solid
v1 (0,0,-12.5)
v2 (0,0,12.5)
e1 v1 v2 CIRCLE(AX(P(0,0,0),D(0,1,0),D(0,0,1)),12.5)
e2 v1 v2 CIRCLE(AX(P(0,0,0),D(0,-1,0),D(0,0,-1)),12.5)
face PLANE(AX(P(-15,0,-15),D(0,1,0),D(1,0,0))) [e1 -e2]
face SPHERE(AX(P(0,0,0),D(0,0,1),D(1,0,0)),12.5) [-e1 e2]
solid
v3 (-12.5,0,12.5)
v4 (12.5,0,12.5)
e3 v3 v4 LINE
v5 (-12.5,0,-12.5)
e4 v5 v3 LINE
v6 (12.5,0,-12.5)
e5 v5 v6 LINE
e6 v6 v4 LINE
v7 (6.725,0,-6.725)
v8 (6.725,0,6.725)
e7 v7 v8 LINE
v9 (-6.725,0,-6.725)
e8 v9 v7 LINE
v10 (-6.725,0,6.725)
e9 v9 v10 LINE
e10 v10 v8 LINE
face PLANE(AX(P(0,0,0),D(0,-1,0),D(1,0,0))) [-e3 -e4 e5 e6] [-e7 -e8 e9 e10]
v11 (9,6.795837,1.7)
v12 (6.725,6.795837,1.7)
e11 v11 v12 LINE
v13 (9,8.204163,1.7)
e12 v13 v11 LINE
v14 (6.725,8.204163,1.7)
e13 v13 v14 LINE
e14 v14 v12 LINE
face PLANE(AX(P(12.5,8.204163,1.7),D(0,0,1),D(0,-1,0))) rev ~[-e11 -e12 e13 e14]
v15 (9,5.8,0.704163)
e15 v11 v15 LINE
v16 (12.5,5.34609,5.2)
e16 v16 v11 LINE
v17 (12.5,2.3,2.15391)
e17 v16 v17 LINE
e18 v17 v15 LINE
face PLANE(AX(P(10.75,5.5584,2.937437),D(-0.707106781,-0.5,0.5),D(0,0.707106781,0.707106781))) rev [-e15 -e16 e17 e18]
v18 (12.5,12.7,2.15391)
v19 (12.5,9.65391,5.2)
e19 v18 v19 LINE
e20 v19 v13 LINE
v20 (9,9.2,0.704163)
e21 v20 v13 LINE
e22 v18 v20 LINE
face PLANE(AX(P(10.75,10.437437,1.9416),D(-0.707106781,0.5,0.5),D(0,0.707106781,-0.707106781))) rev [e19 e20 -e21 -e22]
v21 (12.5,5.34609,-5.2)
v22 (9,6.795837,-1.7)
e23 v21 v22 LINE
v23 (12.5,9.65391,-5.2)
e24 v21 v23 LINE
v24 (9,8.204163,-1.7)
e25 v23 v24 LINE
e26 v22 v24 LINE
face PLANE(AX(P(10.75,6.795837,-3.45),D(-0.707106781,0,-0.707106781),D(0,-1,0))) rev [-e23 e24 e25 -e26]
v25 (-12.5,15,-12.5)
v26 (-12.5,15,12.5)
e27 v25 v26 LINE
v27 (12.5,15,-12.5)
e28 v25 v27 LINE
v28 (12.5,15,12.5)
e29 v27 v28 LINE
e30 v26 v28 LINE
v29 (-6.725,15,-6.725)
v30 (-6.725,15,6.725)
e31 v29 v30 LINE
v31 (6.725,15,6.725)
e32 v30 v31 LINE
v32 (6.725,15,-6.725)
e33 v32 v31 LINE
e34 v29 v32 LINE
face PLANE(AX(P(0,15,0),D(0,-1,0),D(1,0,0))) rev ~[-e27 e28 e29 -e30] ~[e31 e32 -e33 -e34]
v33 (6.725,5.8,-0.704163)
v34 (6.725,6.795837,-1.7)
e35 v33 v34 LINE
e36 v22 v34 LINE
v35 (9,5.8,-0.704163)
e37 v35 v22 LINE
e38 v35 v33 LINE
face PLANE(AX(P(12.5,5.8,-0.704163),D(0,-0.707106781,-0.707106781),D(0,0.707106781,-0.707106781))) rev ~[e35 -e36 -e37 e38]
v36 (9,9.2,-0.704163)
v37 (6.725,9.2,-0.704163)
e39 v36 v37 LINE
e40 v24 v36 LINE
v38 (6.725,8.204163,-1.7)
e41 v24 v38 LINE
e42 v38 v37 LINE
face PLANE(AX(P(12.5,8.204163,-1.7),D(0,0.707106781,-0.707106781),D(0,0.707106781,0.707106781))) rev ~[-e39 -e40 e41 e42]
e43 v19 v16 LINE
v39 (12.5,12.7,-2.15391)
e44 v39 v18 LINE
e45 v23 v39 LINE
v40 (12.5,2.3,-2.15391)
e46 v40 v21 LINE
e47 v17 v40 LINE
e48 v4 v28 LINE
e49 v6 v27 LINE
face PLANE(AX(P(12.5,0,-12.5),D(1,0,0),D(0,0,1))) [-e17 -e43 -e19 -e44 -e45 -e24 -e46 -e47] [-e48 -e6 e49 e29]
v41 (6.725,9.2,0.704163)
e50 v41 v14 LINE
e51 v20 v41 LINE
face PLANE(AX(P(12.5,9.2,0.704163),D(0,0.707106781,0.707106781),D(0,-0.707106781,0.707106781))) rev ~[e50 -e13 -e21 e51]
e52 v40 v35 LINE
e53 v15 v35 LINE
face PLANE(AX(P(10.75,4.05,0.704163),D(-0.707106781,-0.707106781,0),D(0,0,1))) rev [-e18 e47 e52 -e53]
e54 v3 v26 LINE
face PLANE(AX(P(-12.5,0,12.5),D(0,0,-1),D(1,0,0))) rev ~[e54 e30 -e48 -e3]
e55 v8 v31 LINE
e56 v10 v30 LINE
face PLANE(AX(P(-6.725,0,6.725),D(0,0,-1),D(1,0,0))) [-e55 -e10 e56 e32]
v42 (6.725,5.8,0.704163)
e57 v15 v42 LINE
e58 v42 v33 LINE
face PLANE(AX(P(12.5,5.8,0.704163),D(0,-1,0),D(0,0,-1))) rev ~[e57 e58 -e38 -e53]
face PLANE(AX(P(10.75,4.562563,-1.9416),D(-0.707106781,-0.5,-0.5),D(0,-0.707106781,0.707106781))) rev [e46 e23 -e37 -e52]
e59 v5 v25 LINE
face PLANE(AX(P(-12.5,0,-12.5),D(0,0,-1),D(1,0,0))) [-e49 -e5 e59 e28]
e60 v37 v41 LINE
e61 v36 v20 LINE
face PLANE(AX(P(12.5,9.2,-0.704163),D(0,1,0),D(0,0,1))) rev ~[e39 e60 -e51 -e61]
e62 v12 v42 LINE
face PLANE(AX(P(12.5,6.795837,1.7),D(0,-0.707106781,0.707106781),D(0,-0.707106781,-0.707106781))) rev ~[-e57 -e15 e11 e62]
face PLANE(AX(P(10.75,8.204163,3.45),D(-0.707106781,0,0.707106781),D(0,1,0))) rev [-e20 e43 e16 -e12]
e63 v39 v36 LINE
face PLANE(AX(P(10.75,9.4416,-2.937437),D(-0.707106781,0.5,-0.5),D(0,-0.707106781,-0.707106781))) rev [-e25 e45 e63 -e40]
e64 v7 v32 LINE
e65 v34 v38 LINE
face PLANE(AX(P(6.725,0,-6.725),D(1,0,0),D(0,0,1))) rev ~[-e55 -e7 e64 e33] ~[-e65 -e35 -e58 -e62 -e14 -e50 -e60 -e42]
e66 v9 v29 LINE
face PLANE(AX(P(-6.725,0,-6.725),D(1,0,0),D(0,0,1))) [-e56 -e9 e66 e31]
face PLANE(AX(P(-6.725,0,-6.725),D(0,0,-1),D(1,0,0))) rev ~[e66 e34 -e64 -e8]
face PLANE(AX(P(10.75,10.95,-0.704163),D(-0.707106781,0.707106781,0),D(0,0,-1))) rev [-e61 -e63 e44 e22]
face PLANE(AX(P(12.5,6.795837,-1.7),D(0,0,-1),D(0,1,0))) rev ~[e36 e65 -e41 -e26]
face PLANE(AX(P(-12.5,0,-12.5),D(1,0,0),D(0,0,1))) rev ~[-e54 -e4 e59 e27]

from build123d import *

# Parameters (mm, degrees)
BOX_W        = 30
BOX_H        = 30
BOX_DEPTH    = 30
SKETCH_W     = 25
SKETCH_H     = 25
SKETCH_W_2   = 13.45
SKETCH_H_2   = 13.45
PAD_DEPTH    = 15
POCKET_DEPTH = 6
CHAMFER_SIZE = 3.5


with BuildPart() as cube:
    # Box → Box (new body)
    with BuildSketch(Plane(origin=(-15, 0, -15), x_dir=(1, 0, 0), z_dir=(0, 0, 1))):
        with Locations((15, 15)):
            Rectangle(BOX_W, BOX_H)
    extrude(amount=BOX_DEPTH)


with BuildPart() as cut:
    # Sphere → Sphere (revolve)
    with BuildSketch(Plane.XZ):
        with BuildLine():
            ThreePointArc((0, -12.5), (12.5, 0), (0, 12.5))
            Line((0, 12.5), (0, -12.5))
        make_face()
    revolve(axis=Axis((0, 0, 0), (0, 0, 1)))

    # Cut: cut Cube
    add(cube.part, mode=Mode.SUBTRACT)


with BuildPart() as body:
    # Sketch → Pad (new body)
    with BuildSketch(Plane.XZ):
        Rectangle(SKETCH_W, SKETCH_H)
        Rectangle(SKETCH_W_2, SKETCH_H_2, mode=Mode.SUBTRACT)
    extrude(amount=-PAD_DEPTH)

    # Sketch001 (on Face4 of Pad) → Pocket (cut)
    with BuildSketch(Plane(origin=(12.5, 0, 0), x_dir=(0, 0, 1), z_dir=(1, 0, 0))):
        Polygon((1.7, -8.204163), (1.7, -6.795837), (0.704163, -5.8), (-0.704163, -5.8), (-1.7, -6.795837), (-1.7, -8.204163), (-0.704163, -9.2), (0.704163, -9.2), align=None)
    extrude(amount=-POCKET_DEPTH, mode=Mode.SUBTRACT)

    # Chamfer
    chamfer_edges = [body.edges().sort_by_distance(p)[0] for p in [
        (12.5, 6.297918, 1.202082),
        (12.5, 7.5, 1.7),
        (12.5, 8.702082, 1.202082),
        (12.5, 9.2, 0),
        (12.5, 8.702082, -1.202082),
        (12.5, 7.5, -1.7),
        (12.5, 6.297918, -1.202082),
        (12.5, 5.8, 0),
    ]]
    chamfer(chamfer_edges, length=CHAMFER_SIZE)


solid = Compound([cut.part, body.part])
